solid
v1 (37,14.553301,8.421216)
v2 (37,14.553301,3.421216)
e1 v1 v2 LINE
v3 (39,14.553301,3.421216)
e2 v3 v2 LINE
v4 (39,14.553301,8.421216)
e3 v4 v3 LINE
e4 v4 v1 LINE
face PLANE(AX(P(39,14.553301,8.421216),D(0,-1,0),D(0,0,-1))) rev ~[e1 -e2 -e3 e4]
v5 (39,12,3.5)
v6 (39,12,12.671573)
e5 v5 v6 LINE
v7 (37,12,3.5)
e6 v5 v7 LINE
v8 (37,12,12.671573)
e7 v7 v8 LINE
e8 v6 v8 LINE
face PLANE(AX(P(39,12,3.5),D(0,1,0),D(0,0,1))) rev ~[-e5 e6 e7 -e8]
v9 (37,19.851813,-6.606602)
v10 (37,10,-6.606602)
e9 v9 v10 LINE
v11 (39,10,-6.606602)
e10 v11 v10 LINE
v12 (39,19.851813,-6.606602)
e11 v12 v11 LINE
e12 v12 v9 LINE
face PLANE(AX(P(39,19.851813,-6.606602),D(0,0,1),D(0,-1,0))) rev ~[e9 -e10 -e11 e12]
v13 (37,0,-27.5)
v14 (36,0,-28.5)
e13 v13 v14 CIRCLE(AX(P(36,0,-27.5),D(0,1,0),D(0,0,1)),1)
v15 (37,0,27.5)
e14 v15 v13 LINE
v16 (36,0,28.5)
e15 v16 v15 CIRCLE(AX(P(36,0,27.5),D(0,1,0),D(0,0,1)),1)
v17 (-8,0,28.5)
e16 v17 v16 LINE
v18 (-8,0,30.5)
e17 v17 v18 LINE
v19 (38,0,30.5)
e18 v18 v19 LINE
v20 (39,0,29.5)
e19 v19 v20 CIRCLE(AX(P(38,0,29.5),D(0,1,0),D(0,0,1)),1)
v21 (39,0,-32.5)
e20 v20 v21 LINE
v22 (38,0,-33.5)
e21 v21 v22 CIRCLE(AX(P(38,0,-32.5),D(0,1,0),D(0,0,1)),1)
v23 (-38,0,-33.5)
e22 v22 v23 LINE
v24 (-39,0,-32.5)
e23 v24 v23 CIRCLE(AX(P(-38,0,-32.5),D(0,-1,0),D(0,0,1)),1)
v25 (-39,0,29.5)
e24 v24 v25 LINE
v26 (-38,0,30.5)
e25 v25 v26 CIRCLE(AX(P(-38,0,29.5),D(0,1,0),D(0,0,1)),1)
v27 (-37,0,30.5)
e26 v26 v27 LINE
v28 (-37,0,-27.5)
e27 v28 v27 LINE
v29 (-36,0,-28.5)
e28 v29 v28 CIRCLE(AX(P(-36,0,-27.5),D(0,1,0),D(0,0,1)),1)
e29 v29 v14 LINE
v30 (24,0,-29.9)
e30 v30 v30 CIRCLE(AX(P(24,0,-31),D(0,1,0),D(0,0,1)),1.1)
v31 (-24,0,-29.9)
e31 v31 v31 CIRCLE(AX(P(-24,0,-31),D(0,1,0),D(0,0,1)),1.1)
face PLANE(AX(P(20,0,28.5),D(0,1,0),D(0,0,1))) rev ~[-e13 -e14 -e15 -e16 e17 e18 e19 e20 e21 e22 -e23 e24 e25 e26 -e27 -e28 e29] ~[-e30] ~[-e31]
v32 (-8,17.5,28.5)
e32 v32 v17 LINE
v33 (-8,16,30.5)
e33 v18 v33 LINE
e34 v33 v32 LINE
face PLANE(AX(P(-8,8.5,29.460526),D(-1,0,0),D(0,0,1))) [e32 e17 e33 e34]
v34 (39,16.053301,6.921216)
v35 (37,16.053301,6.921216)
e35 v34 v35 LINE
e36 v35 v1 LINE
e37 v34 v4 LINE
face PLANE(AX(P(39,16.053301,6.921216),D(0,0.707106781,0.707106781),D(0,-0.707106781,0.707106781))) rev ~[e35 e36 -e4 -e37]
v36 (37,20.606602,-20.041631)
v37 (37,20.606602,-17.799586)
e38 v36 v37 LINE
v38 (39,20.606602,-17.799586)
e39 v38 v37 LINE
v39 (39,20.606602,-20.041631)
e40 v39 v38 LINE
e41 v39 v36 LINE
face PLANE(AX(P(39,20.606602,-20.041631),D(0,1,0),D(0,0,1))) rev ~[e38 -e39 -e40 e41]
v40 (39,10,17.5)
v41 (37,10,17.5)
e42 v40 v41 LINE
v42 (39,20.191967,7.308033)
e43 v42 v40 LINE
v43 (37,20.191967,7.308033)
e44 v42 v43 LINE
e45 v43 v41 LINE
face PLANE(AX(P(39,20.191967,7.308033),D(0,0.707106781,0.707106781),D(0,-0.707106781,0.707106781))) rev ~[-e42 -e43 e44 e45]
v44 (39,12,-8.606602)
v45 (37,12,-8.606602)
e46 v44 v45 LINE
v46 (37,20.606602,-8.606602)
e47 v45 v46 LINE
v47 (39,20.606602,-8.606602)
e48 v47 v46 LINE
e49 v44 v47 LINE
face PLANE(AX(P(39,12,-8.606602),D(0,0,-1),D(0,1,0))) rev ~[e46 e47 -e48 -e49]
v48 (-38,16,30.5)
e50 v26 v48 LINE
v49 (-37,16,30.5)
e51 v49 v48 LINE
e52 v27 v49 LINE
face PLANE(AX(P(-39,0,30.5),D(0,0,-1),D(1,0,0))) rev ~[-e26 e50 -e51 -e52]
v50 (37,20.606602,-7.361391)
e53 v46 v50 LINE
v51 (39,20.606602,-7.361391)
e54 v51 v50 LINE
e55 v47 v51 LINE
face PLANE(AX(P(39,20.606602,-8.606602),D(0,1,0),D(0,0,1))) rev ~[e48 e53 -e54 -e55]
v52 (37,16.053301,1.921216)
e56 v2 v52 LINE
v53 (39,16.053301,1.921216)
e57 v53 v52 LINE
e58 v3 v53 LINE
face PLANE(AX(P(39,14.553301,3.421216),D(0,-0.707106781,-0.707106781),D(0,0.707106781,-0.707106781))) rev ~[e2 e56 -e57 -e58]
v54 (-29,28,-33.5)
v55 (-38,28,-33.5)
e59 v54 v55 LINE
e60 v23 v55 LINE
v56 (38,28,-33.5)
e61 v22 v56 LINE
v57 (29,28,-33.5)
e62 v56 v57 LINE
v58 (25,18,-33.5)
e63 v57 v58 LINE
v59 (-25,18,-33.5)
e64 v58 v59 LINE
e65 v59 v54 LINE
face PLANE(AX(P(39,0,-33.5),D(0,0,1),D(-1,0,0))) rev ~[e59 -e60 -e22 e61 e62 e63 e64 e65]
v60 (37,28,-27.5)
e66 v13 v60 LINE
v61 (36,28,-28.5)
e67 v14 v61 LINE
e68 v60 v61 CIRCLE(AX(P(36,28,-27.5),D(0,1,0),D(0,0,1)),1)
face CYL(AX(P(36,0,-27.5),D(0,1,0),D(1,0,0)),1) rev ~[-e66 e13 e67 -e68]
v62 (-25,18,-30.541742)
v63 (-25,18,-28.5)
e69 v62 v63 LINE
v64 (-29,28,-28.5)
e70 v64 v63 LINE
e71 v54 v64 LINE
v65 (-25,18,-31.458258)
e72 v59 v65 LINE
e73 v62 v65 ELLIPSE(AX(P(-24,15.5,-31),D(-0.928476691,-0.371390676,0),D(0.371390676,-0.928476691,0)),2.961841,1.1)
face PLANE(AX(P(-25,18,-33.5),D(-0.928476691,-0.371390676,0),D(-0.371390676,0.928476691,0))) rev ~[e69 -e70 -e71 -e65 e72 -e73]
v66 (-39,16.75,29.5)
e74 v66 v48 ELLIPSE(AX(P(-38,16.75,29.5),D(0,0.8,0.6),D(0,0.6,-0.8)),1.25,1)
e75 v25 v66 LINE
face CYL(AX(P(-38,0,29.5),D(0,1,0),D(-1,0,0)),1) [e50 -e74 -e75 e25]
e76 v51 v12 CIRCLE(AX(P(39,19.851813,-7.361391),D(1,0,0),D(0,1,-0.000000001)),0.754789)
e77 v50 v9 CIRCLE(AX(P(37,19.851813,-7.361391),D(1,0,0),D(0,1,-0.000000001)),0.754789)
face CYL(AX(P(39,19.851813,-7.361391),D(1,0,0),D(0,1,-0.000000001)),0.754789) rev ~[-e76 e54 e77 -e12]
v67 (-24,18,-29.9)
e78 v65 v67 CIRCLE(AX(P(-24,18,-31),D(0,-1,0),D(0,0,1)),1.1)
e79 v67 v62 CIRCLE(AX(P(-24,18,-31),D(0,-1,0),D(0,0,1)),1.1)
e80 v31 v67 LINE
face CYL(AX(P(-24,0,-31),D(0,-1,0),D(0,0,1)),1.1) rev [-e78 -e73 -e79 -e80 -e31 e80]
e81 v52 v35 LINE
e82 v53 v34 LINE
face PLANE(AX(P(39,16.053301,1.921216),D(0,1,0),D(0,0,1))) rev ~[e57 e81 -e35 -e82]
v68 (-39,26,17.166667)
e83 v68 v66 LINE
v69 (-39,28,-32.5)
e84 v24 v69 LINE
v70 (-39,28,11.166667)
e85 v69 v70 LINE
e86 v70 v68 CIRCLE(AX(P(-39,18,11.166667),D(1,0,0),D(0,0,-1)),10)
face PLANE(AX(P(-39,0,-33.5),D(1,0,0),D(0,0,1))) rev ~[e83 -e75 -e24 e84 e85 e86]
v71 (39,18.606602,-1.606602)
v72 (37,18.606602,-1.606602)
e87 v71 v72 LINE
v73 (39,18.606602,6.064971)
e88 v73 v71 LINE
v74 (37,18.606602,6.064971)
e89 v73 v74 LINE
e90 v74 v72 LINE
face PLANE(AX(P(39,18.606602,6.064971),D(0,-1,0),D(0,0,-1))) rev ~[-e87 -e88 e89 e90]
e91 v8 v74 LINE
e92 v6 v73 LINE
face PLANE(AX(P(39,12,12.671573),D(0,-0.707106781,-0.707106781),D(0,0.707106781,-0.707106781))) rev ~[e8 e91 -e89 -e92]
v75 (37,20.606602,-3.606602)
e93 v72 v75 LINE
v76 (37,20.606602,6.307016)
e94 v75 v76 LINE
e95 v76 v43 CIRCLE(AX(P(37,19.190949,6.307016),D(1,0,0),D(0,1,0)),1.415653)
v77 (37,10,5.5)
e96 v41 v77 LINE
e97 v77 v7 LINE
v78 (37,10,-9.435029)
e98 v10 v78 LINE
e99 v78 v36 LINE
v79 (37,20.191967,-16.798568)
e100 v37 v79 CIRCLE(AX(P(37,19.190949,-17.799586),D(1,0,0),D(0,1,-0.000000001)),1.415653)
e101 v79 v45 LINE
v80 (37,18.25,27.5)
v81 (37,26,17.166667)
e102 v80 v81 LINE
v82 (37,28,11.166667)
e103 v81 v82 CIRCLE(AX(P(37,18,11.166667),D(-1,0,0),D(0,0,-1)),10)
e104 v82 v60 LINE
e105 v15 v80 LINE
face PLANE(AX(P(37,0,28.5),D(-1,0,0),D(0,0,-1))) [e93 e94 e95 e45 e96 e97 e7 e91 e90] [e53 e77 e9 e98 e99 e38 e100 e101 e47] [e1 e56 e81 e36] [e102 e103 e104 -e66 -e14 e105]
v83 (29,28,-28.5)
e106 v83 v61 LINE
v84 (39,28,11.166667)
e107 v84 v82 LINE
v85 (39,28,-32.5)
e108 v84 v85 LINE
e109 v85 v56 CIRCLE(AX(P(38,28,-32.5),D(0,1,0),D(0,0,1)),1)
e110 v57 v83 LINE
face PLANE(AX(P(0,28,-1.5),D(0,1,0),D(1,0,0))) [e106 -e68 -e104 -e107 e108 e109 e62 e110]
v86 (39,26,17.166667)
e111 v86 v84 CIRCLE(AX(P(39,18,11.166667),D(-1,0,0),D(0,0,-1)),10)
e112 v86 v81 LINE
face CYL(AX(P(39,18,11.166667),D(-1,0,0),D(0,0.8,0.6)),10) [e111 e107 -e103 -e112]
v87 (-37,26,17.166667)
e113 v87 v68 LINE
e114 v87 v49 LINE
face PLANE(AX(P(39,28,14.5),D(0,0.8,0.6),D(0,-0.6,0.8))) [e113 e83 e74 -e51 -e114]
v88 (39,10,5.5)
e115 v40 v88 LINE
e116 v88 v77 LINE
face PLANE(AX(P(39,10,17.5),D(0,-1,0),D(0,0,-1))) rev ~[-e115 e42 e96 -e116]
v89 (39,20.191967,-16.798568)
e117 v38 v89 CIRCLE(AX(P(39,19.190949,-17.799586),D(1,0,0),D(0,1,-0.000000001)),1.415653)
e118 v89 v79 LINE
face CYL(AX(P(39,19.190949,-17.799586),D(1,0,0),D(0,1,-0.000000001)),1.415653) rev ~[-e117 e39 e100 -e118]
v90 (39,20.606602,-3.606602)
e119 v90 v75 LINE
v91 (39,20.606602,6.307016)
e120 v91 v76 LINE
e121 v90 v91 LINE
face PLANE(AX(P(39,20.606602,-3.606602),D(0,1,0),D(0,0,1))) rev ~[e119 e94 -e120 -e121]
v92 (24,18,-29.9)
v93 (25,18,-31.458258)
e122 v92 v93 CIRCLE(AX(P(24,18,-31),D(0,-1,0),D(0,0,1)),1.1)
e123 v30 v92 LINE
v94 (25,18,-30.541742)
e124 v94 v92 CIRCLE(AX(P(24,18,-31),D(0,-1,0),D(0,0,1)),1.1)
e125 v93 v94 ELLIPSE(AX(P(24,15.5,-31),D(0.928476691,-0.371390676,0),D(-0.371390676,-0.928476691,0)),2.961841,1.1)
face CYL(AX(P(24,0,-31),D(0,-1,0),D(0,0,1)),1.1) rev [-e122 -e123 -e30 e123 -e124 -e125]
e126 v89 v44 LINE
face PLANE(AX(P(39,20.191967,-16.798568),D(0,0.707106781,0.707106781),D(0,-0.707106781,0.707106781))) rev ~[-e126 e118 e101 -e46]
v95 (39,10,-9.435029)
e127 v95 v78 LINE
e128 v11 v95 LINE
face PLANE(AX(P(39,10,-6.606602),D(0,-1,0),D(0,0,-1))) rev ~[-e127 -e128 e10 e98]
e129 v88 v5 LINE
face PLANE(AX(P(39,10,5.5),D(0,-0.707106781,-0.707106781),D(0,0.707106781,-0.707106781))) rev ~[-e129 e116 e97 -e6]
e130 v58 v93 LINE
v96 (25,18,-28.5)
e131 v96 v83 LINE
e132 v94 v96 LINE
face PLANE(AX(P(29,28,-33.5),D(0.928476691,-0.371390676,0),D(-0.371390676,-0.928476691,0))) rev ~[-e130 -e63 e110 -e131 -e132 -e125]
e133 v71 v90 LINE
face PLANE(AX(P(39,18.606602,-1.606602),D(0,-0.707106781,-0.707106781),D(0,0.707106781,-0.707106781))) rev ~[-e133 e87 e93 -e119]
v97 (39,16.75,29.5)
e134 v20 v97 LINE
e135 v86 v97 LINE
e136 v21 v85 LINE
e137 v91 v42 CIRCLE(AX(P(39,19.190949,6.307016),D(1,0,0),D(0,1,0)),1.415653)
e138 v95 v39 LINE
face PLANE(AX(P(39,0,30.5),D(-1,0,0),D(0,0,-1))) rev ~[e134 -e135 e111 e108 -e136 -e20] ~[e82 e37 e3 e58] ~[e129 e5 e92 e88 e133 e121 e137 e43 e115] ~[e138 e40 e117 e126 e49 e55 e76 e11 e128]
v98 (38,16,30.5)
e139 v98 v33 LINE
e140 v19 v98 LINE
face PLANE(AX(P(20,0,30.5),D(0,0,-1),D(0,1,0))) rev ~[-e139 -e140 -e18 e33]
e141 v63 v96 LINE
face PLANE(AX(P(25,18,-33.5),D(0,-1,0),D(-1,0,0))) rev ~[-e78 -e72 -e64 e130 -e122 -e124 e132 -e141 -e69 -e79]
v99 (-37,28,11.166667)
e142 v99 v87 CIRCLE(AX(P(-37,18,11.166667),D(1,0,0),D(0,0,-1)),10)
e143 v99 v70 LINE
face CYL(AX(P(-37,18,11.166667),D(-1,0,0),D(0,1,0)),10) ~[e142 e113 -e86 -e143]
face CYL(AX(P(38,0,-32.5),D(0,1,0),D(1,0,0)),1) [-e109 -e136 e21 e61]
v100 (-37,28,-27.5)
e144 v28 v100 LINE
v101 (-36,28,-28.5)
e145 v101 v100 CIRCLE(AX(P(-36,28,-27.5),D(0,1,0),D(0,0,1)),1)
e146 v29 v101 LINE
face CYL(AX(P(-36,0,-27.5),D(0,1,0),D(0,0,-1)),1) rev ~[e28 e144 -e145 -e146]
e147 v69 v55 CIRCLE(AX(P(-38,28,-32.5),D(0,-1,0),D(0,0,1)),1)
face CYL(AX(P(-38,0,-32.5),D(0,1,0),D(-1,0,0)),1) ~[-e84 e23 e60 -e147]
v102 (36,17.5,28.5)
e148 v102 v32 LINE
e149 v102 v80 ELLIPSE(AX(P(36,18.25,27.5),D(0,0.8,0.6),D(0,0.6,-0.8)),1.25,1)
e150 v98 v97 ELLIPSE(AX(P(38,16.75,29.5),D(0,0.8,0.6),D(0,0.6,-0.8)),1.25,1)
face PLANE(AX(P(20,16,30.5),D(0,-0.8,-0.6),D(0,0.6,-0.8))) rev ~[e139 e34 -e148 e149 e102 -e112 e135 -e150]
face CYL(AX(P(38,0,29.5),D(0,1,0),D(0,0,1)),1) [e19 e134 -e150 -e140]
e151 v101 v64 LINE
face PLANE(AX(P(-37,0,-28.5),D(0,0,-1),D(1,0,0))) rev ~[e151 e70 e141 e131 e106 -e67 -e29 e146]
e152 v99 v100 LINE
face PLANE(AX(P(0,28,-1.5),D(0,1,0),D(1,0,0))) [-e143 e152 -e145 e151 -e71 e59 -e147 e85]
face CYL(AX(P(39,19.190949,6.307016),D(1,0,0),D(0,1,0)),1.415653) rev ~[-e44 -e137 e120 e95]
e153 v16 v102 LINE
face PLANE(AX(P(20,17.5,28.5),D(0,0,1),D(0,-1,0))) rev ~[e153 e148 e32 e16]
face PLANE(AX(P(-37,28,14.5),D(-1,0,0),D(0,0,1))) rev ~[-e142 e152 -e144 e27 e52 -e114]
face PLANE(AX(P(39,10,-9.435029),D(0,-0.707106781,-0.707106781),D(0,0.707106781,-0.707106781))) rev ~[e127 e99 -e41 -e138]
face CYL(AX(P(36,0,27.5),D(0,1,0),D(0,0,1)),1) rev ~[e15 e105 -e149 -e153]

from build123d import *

# Parameters (mm, degrees)
SKETCH_1_R          = 1.1
SKETCH_1_W          = 74
SKETCH_1_H          = 57
EXTRUDE_1_DEPTH     = 28
SKETCH_2_W          = 40
SKETCH_2_H          = 14
CUT_EXTRUDE_1_DEPTH = 28
CUT_EXTRUDE_2_DEPTH = 90.388198326
CUT_EXTRUDE_5_DEPTH = 59.542719445
EXTRUDE_2_DEPTH     = 28
FILLET_1_R          = 1
FILLET_2_R          = 1
FILLET_3_R          = 10
CUT_EXTRUDE_6_REACH = 82.006
CUT_EXTRUDE_7_REACH = 91.388


with BuildPart() as part:
    # 草图1 → 凸台-拉伸1 (new body)
    with BuildSketch(Plane(origin=(0, 0, 0), x_dir=(1, 0, 0), z_dir=(0, 1, 0))):
        Polygon((-39, -30.5), (39, -30.5), (39, 30.5), (39, 33.5), (-39, 33.5), (-39, 30.5), align=None)
        with Locations(Location((24, 31, 0), (0, 0, 270))):
            Circle(SKETCH_1_R, mode=Mode.SUBTRACT)
        with Locations(Location((-24, 31, 0), (0, 0, 270))):
            Circle(SKETCH_1_R, mode=Mode.SUBTRACT)
        Rectangle(SKETCH_1_W, SKETCH_1_H, mode=Mode.SUBTRACT)
    extrude(amount=EXTRUDE_1_DEPTH)

    # 草图2 → 切除-拉伸1 (cut)
    with BuildSketch(Plane(origin=(0, 28, 0), x_dir=(1, 0, 0), z_dir=(0, 1, 0))):
        with Locations((0, -30.5)):
            Rectangle(SKETCH_2_W, SKETCH_2_H)
    extrude(amount=-CUT_EXTRUDE_1_DEPTH, mode=Mode.SUBTRACT)

    # 草图3 → 切除-拉伸2 (cut, through all)
    with BuildSketch(Plane(origin=(39, 0, 0), x_dir=(0, 0, -1), z_dir=(1, 0, 0))):
        Polygon((-30.5, 28), (-14.5, 28), (-30.5, 16), align=None)
    extrude(amount=-CUT_EXTRUDE_2_DEPTH, mode=Mode.SUBTRACT)

    # 草图4 → 切除-拉伸5 (cut, through all)
    with BuildSketch(Plane(origin=(0, 28, 0), x_dir=(1, 0, 0), z_dir=(0, 1, 0))):
        Polygon((-37, -14.5), (-37, -36.587874711), (-17, -36.587874711), (-17, -15.951475091), align=None)
    extrude(amount=-CUT_EXTRUDE_5_DEPTH, mode=Mode.SUBTRACT)

    # 草图5 → 凸台-拉伸2 (add)
    with BuildSketch(Plane.ZY.offset(-20)):
        Polygon((30.5, 0), (30.5, 16), (28.5, 17.5), (28.5, 0), align=None)
    extrude(amount=EXTRUDE_2_DEPTH)

    # 圆角1
    fillet_1_edges = [part.edges().sort_by_distance(p)[0] for p in [
        (-39, 14, -33.5),
        (39, 14, -33.5),
        (39, 8, 30.5),
        (-39, 8, 30.5),
    ]]
    fillet(fillet_1_edges, radius=FILLET_1_R)

    # 圆角2
    fillet_2_edges = [part.edges().sort_by_distance(p)[0] for p in [
        (37, 14, -28.5),
        (-37, 14, -28.5),
        (37, 8.75, 28.5),
    ]]
    fillet(fillet_2_edges, radius=FILLET_2_R)

    # 圆角3
    fillet_3_edges = [part.edges().sort_by_distance(p)[0] for p in [
        (-38, 28, 14.5),
        (38, 28, 14.5),
    ]]
    fillet(fillet_3_edges, radius=FILLET_3_R)

    # 草图8 → 切除-拉伸6 (cut, up to next)
    with BuildSketch(Plane(origin=(0, 0, -33.5), x_dir=(-1, 0, 0), z_dir=(0, 0, -1)), mode=Mode.PRIVATE) as cut_extrude_6_sk1:
        Polygon((29, 28), (-29, 28), (-25, 18), (25, 18), align=None)
    cut_extrude_6_tool1 = extrude(cut_extrude_6_sk1.sketch, amount=-CUT_EXTRUDE_6_REACH, mode=Mode.PRIVATE) & part.part
    add(cut_extrude_6_tool1.solids().sort_by_distance((0, 23.123457, -33.5))[0], mode=Mode.SUBTRACT)

    # 草图9 → 切除-拉伸7 (cut, up to next)
    with BuildSketch(Plane(origin=(39, 0, 0), x_dir=(0, 0, -1), z_dir=(1, 0, 0)), mode=Mode.PRIVATE) as cut_extrude_7_sk1:
        with BuildLine():
            Line((-7.308033396, 20.191966604), (-17.5, 10))
            Line((-17.5, 10), (-5.5, 10))
            Line((-5.5, 10), (-3.5, 12))
            Line((-3.5, 12), (-12.671572875, 12))
            Line((-12.671572875, 12), (-6.064971157, 18.606601718))
            Line((-6.064971157, 18.606601718), (1.606601718, 18.606601718))
            Line((1.606601718, 18.606601718), (3.606601718, 20.606601718))
            Line((3.606601718, 20.606601718), (-6.307015681, 20.606601718))
            ThreePointArc((-6.307015681, 20.606601718), (-6.848762564, 20.498841563), (-7.308033396, 20.191966604))
        make_face()
    cut_extrude_7_tool1 = extrude(cut_extrude_7_sk1.sketch, amount=-CUT_EXTRUDE_7_REACH, mode=Mode.PRIVATE) & part.part
    # 草图9 → 切除-拉伸7 (cut, up to next)
    with BuildSketch(Plane(origin=(39, 0, 0), x_dir=(0, 0, -1), z_dir=(1, 0, 0)), mode=Mode.PRIVATE) as cut_extrude_7_sk2:
        with BuildLine():
            Line((6.606601718, 19.851812513), (6.606601718, 10))
            Line((6.606601718, 10), (9.435028843, 10))
            Line((9.435028843, 10), (20.04163056, 20.606601718))
            Line((20.04163056, 20.606601718), (17.799586037, 20.606601718))
            ThreePointArc((17.799586037, 20.606601718), (17.257839153, 20.498841563), (16.798568322, 20.191966604))
            Line((16.798568322, 20.191966604), (8.606601718, 12))
            Line((8.606601718, 12), (8.606601718, 20.606601718))
            Line((8.606601718, 20.606601718), (7.361390923, 20.606601718))
            ThreePointArc((7.361390923, 20.606601718), (6.827674357, 20.385529078), (6.606601718, 19.851812513))
        make_face()
    cut_extrude_7_tool2 = extrude(cut_extrude_7_sk2.sketch, amount=-CUT_EXTRUDE_7_REACH, mode=Mode.PRIVATE) & part.part
    # 草图9 → 切除-拉伸7 (cut, up to next)
    with BuildSketch(Plane(origin=(39, 0, 0), x_dir=(0, 0, -1), z_dir=(1, 0, 0)), mode=Mode.PRIVATE) as cut_extrude_7_sk3:
        Polygon((-6.921215742, 16.053300859), (-8.421215742, 14.553300859), (-3.421215742, 14.553300859), (-1.921215742, 16.053300859), align=None)
    cut_extrude_7_tool3 = extrude(cut_extrude_7_sk3.sketch, amount=-CUT_EXTRUDE_7_REACH, mode=Mode.PRIVATE) & part.part
    add(cut_extrude_7_tool1.solids().sort_by_distance((39, 14.928952, 12.236985))[0], mode=Mode.SUBTRACT)
    add(cut_extrude_7_tool2.solids().sort_by_distance((39, 14.925906, -6.777774))[0], mode=Mode.SUBTRACT)
    add(cut_extrude_7_tool3.solids().sort_by_distance((39, 15.303301, 5.171216))[0], mode=Mode.SUBTRACT)


solid = part.part
